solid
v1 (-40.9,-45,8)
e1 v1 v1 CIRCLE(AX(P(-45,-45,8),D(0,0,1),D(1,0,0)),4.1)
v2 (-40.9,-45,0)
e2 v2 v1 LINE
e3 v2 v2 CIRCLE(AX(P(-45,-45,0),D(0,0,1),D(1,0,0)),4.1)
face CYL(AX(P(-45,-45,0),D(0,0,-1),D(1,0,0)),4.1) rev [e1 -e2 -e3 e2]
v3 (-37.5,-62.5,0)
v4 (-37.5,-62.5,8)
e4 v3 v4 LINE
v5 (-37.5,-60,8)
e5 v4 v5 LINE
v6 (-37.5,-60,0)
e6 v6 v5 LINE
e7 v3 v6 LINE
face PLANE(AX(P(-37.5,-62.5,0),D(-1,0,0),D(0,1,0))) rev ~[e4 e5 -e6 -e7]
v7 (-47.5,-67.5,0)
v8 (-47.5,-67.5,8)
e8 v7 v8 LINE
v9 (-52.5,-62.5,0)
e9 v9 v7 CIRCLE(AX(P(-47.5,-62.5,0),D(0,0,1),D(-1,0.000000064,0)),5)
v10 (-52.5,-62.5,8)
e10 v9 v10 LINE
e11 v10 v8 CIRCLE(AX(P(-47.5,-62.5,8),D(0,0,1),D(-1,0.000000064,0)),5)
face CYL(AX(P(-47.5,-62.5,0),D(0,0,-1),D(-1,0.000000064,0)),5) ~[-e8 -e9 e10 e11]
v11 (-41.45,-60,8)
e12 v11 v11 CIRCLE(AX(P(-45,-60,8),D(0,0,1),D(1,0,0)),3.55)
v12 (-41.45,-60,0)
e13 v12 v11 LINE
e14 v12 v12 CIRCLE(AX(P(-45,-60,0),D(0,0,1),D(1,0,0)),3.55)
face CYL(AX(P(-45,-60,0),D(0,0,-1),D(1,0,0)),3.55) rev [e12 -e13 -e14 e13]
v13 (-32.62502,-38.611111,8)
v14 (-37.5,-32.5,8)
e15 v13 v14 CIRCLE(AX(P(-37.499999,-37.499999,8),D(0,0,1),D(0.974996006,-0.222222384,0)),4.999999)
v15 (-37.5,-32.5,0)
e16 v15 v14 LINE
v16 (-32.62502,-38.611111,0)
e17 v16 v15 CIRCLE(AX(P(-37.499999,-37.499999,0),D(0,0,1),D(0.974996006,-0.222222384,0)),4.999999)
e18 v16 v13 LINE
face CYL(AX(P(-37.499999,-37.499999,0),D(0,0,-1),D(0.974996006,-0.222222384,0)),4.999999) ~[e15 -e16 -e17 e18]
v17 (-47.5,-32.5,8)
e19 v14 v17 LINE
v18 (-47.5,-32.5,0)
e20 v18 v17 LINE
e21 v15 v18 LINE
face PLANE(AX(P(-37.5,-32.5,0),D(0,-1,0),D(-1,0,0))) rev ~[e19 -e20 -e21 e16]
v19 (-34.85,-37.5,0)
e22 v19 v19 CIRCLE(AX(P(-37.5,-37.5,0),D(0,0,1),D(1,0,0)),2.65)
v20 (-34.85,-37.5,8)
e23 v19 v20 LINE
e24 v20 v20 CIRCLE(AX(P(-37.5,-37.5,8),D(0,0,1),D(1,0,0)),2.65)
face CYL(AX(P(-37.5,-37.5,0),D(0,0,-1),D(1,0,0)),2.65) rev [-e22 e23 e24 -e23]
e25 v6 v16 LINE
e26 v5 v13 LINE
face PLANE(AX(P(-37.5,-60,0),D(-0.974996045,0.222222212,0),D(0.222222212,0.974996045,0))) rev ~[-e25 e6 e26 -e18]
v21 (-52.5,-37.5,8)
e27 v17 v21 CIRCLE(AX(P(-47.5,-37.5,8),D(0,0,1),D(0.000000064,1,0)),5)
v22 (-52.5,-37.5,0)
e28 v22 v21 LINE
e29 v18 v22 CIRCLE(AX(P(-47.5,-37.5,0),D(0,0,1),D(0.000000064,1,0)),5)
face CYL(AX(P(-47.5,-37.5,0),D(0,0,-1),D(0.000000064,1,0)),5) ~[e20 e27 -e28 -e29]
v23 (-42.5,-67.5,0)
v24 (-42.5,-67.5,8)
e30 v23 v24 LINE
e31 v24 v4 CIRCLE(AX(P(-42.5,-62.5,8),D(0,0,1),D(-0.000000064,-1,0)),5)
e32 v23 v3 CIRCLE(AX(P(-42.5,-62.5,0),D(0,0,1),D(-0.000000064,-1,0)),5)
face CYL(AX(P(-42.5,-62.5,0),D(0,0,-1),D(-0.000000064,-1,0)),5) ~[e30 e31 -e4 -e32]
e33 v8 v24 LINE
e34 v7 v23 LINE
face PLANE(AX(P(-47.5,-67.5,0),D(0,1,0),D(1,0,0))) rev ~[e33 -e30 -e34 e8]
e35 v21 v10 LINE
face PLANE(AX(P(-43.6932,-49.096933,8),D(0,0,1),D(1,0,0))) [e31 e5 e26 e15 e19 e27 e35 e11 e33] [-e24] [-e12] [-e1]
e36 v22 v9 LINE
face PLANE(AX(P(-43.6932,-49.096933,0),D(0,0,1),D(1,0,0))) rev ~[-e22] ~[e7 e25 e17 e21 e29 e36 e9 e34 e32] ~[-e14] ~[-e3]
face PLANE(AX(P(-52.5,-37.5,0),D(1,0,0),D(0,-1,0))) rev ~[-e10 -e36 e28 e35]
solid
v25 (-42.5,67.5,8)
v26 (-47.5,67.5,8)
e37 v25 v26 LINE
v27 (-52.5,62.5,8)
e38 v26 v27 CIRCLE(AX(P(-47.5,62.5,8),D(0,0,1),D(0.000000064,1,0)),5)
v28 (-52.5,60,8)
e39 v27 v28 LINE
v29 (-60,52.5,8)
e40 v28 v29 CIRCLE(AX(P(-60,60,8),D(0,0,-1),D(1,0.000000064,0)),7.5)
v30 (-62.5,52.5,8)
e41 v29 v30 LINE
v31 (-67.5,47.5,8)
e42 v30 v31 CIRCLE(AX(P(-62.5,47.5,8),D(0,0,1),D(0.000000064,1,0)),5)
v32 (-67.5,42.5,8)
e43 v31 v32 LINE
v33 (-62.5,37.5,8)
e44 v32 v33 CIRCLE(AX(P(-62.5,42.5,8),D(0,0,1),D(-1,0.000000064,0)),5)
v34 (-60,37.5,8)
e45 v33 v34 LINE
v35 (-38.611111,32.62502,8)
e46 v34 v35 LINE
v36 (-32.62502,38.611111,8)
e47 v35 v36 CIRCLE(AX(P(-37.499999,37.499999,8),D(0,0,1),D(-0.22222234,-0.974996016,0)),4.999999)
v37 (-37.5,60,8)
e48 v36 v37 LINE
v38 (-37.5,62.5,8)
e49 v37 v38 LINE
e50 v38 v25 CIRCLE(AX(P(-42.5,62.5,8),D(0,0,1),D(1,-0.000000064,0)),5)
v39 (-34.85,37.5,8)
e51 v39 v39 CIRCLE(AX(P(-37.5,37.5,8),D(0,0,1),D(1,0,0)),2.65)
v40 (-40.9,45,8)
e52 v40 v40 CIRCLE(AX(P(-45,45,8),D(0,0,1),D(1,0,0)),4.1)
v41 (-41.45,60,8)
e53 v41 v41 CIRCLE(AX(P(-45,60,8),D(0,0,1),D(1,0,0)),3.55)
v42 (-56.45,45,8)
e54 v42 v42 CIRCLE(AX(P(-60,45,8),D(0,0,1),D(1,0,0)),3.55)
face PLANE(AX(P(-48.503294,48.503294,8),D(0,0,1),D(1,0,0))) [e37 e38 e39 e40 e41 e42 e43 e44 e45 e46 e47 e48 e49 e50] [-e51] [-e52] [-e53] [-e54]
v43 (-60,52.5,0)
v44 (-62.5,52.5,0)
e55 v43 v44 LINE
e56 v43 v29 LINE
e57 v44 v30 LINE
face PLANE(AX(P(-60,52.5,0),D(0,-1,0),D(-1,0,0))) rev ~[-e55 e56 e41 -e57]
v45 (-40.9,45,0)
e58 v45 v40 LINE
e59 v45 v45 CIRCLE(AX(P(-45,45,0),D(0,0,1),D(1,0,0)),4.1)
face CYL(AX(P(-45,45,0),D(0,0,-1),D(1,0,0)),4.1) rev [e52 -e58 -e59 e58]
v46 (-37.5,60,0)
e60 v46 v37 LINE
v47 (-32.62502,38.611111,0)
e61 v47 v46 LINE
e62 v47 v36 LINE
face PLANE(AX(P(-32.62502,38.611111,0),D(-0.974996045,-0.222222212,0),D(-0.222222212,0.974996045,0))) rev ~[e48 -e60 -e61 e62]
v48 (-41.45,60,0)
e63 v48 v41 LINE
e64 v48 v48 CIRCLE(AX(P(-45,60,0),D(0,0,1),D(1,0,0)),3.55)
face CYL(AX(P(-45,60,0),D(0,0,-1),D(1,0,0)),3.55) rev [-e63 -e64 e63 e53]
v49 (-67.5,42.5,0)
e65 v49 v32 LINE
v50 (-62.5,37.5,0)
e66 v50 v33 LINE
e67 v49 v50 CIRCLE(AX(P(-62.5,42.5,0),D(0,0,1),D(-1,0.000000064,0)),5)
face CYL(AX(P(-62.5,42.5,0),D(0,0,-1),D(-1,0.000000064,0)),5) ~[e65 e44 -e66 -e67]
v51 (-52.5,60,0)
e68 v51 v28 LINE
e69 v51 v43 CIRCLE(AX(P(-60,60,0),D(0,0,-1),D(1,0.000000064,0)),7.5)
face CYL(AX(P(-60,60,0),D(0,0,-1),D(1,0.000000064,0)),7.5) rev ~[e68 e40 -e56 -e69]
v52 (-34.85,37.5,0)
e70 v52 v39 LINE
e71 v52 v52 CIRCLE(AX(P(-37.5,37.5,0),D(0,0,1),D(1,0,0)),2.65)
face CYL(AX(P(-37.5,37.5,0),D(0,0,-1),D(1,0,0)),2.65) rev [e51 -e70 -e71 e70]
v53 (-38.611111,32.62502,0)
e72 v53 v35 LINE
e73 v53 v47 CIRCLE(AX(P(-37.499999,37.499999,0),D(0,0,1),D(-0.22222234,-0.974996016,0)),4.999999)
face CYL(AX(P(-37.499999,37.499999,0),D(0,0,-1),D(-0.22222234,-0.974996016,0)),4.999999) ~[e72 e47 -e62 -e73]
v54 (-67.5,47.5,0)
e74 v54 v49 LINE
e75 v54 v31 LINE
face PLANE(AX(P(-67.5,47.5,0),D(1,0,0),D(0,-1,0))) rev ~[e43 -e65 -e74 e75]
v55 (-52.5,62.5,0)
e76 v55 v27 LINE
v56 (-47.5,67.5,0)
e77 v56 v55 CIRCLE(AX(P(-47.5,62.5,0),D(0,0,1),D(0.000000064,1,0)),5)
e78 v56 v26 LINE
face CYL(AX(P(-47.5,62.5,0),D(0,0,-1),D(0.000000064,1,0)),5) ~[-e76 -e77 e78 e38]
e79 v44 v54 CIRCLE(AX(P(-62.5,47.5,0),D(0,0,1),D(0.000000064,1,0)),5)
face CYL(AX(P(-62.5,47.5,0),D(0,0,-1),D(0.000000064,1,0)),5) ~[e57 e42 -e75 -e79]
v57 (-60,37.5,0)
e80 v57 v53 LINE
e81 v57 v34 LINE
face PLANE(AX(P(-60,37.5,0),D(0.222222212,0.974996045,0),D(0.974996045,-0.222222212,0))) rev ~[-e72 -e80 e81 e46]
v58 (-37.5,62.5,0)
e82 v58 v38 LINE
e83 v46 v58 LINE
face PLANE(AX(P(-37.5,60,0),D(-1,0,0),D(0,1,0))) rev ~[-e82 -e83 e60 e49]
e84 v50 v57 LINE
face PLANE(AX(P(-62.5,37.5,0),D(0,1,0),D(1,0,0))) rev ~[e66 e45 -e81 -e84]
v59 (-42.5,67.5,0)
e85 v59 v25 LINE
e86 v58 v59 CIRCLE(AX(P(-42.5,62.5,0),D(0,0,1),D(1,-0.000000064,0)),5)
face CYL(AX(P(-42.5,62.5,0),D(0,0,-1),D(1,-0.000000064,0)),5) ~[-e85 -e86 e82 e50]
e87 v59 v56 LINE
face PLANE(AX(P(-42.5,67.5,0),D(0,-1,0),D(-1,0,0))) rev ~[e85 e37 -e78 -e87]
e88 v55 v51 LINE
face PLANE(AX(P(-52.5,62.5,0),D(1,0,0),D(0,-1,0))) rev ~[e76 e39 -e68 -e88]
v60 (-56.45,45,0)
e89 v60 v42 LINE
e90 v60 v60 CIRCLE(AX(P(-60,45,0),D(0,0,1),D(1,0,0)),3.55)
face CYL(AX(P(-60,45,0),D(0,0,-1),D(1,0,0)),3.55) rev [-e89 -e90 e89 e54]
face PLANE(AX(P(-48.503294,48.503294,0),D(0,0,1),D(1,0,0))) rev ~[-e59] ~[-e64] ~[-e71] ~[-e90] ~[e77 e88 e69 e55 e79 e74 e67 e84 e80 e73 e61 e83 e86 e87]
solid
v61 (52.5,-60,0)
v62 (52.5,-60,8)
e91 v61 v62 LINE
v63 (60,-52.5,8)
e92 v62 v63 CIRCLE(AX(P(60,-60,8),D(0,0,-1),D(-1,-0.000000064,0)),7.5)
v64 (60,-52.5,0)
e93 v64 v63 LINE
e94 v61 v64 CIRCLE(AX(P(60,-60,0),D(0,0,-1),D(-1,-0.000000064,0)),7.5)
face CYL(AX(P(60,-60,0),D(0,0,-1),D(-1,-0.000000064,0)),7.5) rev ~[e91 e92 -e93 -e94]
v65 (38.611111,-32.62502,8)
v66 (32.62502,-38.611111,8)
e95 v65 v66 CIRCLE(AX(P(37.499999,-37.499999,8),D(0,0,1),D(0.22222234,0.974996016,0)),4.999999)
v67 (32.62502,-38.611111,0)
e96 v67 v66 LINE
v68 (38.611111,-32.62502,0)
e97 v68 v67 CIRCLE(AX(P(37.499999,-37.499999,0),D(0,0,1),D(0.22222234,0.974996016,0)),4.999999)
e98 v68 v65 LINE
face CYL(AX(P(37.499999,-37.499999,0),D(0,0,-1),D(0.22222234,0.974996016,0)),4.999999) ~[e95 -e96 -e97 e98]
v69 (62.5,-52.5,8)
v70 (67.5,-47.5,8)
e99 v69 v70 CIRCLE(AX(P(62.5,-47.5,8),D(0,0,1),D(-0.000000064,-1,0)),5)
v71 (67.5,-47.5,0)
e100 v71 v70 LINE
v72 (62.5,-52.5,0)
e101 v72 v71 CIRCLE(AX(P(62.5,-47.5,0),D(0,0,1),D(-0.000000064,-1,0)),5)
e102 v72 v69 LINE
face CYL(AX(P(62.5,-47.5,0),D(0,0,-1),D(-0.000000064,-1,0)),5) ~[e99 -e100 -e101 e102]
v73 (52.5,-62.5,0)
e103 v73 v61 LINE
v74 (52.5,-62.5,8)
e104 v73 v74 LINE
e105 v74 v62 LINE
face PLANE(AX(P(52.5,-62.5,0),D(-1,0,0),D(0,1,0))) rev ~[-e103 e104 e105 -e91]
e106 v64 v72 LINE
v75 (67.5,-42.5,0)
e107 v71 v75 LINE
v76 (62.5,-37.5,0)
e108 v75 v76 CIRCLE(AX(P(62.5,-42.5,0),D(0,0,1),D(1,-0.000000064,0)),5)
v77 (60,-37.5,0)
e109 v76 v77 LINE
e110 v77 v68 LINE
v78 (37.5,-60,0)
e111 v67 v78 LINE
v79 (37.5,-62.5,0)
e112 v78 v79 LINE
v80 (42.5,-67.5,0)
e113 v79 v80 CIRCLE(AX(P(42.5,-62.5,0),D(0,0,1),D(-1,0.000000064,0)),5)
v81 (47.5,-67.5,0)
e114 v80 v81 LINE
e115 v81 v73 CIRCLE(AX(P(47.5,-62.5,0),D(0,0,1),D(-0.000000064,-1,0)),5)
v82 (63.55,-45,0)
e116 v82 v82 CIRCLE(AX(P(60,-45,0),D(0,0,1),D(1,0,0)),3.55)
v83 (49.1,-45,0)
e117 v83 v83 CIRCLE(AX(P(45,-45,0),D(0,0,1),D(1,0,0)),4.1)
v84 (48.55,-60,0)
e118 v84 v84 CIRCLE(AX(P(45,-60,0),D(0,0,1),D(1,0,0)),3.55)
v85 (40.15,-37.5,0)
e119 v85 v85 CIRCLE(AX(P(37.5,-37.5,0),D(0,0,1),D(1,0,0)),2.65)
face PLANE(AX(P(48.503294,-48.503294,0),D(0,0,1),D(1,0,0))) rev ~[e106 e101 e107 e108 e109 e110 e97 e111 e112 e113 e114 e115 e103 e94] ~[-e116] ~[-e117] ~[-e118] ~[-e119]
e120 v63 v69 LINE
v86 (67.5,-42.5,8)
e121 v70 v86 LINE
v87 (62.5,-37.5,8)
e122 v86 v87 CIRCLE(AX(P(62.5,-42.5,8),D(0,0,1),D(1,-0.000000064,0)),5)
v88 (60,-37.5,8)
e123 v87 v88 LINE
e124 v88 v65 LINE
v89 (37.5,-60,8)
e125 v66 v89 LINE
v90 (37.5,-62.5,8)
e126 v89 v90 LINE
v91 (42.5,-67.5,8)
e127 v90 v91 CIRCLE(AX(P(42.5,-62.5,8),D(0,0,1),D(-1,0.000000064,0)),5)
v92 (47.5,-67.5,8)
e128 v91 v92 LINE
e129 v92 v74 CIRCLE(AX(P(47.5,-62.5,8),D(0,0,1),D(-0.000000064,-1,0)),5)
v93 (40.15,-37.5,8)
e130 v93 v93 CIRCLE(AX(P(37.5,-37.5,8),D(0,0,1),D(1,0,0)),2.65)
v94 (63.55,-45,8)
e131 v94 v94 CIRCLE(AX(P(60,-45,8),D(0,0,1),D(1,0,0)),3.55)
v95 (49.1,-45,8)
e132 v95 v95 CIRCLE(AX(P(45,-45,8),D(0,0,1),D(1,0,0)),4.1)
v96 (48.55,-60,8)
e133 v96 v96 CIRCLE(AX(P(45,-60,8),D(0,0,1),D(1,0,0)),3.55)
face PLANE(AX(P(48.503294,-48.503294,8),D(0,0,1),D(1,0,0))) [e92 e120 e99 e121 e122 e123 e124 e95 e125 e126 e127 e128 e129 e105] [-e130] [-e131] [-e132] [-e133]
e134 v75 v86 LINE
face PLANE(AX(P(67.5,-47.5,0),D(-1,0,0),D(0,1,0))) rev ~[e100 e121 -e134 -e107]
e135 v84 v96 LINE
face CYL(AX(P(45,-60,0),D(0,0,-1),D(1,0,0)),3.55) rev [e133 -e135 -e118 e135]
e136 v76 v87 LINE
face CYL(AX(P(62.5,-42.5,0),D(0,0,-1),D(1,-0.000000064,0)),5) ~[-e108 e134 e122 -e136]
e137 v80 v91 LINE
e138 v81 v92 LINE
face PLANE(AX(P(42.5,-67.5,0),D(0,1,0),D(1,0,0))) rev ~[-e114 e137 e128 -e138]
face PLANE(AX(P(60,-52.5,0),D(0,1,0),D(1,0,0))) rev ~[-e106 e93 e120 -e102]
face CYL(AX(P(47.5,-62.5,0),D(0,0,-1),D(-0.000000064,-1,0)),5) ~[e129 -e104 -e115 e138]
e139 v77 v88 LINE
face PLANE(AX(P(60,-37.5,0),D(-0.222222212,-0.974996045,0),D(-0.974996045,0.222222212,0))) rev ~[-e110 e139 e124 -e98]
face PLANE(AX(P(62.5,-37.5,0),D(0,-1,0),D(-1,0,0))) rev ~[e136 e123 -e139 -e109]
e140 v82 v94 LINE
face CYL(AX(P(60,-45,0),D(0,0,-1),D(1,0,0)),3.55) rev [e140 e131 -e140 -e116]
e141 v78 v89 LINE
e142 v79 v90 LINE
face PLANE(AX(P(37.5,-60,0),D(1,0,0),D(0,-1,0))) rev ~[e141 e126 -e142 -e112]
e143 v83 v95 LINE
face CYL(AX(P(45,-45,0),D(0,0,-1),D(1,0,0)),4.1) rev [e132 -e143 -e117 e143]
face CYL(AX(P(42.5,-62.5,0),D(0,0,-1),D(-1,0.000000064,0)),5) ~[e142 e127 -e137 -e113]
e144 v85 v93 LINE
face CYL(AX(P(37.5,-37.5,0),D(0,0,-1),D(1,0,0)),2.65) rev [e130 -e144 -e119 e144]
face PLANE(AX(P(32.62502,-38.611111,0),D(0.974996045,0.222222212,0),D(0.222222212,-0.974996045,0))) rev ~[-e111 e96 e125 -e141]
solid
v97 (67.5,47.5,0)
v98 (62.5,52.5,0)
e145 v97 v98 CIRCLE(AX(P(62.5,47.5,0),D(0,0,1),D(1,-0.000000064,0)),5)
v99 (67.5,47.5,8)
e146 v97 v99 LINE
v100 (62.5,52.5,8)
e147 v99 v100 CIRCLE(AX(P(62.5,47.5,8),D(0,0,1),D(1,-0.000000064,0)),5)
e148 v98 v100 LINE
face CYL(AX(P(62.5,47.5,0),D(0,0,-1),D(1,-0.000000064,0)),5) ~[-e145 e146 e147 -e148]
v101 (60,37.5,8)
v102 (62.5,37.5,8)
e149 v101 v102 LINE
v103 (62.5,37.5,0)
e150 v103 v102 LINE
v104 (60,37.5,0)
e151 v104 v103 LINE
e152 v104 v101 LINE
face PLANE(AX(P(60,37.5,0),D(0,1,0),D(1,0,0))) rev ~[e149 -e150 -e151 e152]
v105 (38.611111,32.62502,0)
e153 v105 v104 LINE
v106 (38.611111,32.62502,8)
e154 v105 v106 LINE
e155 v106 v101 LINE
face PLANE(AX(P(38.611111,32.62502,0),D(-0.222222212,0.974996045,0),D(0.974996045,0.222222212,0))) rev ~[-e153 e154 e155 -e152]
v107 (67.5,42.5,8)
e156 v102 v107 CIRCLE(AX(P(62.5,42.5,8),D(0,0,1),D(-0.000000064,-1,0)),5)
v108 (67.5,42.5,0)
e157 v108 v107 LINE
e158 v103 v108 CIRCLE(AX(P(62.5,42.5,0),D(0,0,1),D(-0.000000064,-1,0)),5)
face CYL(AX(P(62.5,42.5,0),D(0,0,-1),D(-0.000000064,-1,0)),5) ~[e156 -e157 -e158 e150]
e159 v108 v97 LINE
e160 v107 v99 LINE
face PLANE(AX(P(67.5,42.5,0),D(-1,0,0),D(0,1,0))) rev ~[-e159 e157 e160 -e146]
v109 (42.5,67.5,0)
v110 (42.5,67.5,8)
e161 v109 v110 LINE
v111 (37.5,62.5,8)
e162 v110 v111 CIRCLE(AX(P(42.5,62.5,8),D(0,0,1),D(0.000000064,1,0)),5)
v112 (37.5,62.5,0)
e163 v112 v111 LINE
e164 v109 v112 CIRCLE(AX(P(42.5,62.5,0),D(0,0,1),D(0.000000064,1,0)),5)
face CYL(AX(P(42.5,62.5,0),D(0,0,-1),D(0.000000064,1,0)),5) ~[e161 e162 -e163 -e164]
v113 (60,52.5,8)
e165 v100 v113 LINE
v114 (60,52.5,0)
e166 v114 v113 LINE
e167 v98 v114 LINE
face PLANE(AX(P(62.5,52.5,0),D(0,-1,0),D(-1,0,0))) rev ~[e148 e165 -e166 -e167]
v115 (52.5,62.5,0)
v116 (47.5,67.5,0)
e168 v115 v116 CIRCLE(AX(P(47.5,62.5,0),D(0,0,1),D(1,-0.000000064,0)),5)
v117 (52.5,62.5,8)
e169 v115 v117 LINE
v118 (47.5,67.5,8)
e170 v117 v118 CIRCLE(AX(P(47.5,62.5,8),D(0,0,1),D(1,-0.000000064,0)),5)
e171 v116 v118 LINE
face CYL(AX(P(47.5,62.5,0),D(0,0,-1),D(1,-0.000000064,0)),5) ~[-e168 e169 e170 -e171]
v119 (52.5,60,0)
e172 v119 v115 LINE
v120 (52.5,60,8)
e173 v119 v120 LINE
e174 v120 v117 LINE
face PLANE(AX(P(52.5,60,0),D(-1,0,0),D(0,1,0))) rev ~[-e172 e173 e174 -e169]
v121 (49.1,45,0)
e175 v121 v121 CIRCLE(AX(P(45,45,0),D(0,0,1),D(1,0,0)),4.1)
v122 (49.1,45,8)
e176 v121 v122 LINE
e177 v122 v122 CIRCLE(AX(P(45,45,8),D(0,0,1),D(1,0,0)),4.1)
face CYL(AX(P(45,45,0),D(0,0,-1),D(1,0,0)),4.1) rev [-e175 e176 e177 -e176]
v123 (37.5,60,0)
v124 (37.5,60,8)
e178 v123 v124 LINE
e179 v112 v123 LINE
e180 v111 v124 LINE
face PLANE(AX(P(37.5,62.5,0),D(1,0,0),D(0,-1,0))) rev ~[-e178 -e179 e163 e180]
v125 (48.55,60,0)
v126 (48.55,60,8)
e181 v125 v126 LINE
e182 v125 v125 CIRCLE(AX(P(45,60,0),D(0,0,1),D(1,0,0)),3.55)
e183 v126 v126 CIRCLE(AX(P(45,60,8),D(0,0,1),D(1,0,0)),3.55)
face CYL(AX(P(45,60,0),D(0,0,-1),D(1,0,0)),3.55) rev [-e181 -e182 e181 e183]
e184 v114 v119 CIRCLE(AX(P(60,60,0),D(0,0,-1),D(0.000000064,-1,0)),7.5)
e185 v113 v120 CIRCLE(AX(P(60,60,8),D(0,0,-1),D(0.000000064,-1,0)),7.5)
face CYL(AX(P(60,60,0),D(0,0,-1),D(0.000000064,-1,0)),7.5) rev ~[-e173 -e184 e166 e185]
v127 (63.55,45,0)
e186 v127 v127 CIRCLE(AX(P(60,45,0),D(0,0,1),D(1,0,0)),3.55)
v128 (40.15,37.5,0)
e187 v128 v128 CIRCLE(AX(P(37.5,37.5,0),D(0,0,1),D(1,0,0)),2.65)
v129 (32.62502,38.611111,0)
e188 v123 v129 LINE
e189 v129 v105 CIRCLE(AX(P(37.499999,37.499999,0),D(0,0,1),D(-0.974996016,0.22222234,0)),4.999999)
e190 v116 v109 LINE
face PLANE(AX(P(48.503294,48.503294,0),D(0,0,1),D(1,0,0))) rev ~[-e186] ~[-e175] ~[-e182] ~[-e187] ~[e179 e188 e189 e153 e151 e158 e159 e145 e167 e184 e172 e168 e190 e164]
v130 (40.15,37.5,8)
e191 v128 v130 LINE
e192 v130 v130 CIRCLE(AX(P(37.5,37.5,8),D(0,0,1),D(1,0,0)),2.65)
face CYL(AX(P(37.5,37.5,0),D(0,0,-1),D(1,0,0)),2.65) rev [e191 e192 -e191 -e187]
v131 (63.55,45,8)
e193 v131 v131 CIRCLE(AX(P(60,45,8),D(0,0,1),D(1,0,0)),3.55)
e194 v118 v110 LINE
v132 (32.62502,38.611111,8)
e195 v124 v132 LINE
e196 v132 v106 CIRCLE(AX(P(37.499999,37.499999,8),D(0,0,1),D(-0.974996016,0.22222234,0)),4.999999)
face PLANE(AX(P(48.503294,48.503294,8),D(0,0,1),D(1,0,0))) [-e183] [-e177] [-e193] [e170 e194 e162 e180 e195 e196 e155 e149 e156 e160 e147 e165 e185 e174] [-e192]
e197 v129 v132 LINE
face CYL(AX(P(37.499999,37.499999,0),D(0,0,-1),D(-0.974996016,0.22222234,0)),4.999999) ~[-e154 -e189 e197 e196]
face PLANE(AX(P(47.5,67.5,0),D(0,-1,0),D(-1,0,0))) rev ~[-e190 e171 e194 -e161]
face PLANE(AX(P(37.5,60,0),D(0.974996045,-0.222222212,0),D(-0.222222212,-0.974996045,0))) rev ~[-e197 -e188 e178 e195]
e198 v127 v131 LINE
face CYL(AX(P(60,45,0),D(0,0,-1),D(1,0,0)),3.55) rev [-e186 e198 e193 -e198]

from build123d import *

# Parameters (mm, degrees)
F0_R     = 3.55
F0_R_2   = 2.65
F0_R_3   = 4.1
F1_DEPTH = 8


with BuildPart() as f1:
    # F0 (on Top) → F1 (new body)
    with BuildSketch(Plane.XY):
        with BuildLine():
            Line((-42.5, 67.5), (-47.5, 67.5))
            ThreePointArc((-47.5, 67.5), (-51.035534, 66.035534), (-52.5, 62.5))
            Line((-52.5, 62.5), (-52.5, 60))
            ThreePointArc((-52.5, 60), (-54.696699, 54.696699), (-60, 52.5))
            Line((-60, 52.5), (-62.5, 52.5))
            ThreePointArc((-62.5, 52.5), (-66.035534, 51.035534), (-67.5, 47.5))
            Line((-67.5, 47.5), (-67.5, 42.5))
            ThreePointArc((-67.5, 42.5), (-66.035534, 38.964466), (-62.5, 37.5))
            Line((-62.5, 37.5), (-60, 37.5))
            Line((-60, 37.5), (-38.611111, 32.62502))
            ThreePointArc((-38.611111, 32.62502), (-33.964466, 33.964466), (-32.62502, 38.611111))
            Line((-32.62502, 38.611111), (-37.5, 60))
            Line((-37.5, 60), (-37.5, 62.5))
            ThreePointArc((-37.5, 62.5), (-38.964466, 66.035534), (-42.5, 67.5))
        make_face()
        with Locations((-60, 45)):
            Circle(F0_R, mode=Mode.SUBTRACT)
        with Locations((-37.5, 37.5)):
            Circle(F0_R_2, mode=Mode.SUBTRACT)
        with Locations((-45, 45)):
            Circle(F0_R_3, mode=Mode.SUBTRACT)
        with Locations((-45, 60)):
            Circle(F0_R, mode=Mode.SUBTRACT)
        with BuildLine():
            Line((37.5, 62.5), (37.5, 60))
            Line((37.5, 60), (32.62502, 38.611111))
            ThreePointArc((32.62502, 38.611111), (33.964466, 33.964466), (38.611111, 32.62502))
            Line((38.611111, 32.62502), (60, 37.5))
            Line((60, 37.5), (62.5, 37.5))
            ThreePointArc((62.5, 37.5), (66.035534, 38.964466), (67.5, 42.5))
            Line((67.5, 42.5), (67.5, 47.5))
            ThreePointArc((67.5, 47.5), (66.035534, 51.035534), (62.5, 52.5))
            Line((62.5, 52.5), (60, 52.5))
            ThreePointArc((60, 52.5), (54.696699, 54.696699), (52.5, 60))
            Line((52.5, 60), (52.5, 62.5))
            ThreePointArc((52.5, 62.5), (51.035534, 66.035534), (47.5, 67.5))
            Line((47.5, 67.5), (42.5, 67.5))
            ThreePointArc((42.5, 67.5), (38.964466, 66.035534), (37.5, 62.5))
        make_face()
        with Locations((37.5, 37.5)):
            Circle(F0_R_2, mode=Mode.SUBTRACT)
        with Locations((45, 45)):
            Circle(F0_R_3, mode=Mode.SUBTRACT)
        with Locations((60, 45)):
            Circle(F0_R, mode=Mode.SUBTRACT)
        with Locations((45, 60)):
            Circle(F0_R, mode=Mode.SUBTRACT)
        with BuildLine():
            Line((-52.5, -37.5), (-52.5, -52.5))
            Line((-52.5, -52.5), (-52.5, -62.5))
            ThreePointArc((-52.5, -62.5), (-51.035534, -66.035534), (-47.5, -67.5))
            Line((-47.5, -67.5), (-42.5, -67.5))
            ThreePointArc((-42.5, -67.5), (-38.964466, -66.035534), (-37.5, -62.5))
            Line((-37.5, -62.5), (-37.5, -60))
            Line((-37.5, -60), (-32.62502, -38.611111))
            ThreePointArc((-32.62502, -38.611111), (-33.59132, -34.381952), (-37.5, -32.5))
            Line((-37.5, -32.5), (-47.5, -32.5))
            ThreePointArc((-47.5, -32.5), (-51.035534, -33.964466), (-52.5, -37.5))
        make_face()
        with Locations((-45, -60)):
            Circle(F0_R, mode=Mode.SUBTRACT)
        with Locations((-45, -45)):
            Circle(F0_R_3, mode=Mode.SUBTRACT)
        with Locations((-37.5, -37.5)):
            Circle(F0_R_2, mode=Mode.SUBTRACT)
        with BuildLine():
            Line((32.62502, -38.611111), (37.5, -60))
            Line((37.5, -60), (37.5, -62.5))
            ThreePointArc((37.5, -62.5), (38.964466, -66.035534), (42.5, -67.5))
            Line((42.5, -67.5), (47.5, -67.5))
            ThreePointArc((47.5, -67.5), (51.035534, -66.035534), (52.5, -62.5))
            Line((52.5, -62.5), (52.5, -60))
            ThreePointArc((52.5, -60), (54.696699, -54.696699), (60, -52.5))
            Line((60, -52.5), (62.5, -52.5))
            ThreePointArc((62.5, -52.5), (66.035534, -51.035534), (67.5, -47.5))
            Line((67.5, -47.5), (67.5, -42.5))
            ThreePointArc((67.5, -42.5), (66.035534, -38.964466), (62.5, -37.5))
            Line((62.5, -37.5), (60, -37.5))
            Line((60, -37.5), (38.611111, -32.62502))
            ThreePointArc((38.611111, -32.62502), (33.964466, -33.964466), (32.62502, -38.611111))
        make_face()
        with Locations((45, -60)):
            Circle(F0_R, mode=Mode.SUBTRACT)
        with Locations((45, -45)):
            Circle(F0_R_3, mode=Mode.SUBTRACT)
        with Locations((37.5, -37.5)):
            Circle(F0_R_2, mode=Mode.SUBTRACT)
        with Locations((60, -45)):
            Circle(F0_R, mode=Mode.SUBTRACT)
    extrude(amount=F1_DEPTH)


solid = f1.part
